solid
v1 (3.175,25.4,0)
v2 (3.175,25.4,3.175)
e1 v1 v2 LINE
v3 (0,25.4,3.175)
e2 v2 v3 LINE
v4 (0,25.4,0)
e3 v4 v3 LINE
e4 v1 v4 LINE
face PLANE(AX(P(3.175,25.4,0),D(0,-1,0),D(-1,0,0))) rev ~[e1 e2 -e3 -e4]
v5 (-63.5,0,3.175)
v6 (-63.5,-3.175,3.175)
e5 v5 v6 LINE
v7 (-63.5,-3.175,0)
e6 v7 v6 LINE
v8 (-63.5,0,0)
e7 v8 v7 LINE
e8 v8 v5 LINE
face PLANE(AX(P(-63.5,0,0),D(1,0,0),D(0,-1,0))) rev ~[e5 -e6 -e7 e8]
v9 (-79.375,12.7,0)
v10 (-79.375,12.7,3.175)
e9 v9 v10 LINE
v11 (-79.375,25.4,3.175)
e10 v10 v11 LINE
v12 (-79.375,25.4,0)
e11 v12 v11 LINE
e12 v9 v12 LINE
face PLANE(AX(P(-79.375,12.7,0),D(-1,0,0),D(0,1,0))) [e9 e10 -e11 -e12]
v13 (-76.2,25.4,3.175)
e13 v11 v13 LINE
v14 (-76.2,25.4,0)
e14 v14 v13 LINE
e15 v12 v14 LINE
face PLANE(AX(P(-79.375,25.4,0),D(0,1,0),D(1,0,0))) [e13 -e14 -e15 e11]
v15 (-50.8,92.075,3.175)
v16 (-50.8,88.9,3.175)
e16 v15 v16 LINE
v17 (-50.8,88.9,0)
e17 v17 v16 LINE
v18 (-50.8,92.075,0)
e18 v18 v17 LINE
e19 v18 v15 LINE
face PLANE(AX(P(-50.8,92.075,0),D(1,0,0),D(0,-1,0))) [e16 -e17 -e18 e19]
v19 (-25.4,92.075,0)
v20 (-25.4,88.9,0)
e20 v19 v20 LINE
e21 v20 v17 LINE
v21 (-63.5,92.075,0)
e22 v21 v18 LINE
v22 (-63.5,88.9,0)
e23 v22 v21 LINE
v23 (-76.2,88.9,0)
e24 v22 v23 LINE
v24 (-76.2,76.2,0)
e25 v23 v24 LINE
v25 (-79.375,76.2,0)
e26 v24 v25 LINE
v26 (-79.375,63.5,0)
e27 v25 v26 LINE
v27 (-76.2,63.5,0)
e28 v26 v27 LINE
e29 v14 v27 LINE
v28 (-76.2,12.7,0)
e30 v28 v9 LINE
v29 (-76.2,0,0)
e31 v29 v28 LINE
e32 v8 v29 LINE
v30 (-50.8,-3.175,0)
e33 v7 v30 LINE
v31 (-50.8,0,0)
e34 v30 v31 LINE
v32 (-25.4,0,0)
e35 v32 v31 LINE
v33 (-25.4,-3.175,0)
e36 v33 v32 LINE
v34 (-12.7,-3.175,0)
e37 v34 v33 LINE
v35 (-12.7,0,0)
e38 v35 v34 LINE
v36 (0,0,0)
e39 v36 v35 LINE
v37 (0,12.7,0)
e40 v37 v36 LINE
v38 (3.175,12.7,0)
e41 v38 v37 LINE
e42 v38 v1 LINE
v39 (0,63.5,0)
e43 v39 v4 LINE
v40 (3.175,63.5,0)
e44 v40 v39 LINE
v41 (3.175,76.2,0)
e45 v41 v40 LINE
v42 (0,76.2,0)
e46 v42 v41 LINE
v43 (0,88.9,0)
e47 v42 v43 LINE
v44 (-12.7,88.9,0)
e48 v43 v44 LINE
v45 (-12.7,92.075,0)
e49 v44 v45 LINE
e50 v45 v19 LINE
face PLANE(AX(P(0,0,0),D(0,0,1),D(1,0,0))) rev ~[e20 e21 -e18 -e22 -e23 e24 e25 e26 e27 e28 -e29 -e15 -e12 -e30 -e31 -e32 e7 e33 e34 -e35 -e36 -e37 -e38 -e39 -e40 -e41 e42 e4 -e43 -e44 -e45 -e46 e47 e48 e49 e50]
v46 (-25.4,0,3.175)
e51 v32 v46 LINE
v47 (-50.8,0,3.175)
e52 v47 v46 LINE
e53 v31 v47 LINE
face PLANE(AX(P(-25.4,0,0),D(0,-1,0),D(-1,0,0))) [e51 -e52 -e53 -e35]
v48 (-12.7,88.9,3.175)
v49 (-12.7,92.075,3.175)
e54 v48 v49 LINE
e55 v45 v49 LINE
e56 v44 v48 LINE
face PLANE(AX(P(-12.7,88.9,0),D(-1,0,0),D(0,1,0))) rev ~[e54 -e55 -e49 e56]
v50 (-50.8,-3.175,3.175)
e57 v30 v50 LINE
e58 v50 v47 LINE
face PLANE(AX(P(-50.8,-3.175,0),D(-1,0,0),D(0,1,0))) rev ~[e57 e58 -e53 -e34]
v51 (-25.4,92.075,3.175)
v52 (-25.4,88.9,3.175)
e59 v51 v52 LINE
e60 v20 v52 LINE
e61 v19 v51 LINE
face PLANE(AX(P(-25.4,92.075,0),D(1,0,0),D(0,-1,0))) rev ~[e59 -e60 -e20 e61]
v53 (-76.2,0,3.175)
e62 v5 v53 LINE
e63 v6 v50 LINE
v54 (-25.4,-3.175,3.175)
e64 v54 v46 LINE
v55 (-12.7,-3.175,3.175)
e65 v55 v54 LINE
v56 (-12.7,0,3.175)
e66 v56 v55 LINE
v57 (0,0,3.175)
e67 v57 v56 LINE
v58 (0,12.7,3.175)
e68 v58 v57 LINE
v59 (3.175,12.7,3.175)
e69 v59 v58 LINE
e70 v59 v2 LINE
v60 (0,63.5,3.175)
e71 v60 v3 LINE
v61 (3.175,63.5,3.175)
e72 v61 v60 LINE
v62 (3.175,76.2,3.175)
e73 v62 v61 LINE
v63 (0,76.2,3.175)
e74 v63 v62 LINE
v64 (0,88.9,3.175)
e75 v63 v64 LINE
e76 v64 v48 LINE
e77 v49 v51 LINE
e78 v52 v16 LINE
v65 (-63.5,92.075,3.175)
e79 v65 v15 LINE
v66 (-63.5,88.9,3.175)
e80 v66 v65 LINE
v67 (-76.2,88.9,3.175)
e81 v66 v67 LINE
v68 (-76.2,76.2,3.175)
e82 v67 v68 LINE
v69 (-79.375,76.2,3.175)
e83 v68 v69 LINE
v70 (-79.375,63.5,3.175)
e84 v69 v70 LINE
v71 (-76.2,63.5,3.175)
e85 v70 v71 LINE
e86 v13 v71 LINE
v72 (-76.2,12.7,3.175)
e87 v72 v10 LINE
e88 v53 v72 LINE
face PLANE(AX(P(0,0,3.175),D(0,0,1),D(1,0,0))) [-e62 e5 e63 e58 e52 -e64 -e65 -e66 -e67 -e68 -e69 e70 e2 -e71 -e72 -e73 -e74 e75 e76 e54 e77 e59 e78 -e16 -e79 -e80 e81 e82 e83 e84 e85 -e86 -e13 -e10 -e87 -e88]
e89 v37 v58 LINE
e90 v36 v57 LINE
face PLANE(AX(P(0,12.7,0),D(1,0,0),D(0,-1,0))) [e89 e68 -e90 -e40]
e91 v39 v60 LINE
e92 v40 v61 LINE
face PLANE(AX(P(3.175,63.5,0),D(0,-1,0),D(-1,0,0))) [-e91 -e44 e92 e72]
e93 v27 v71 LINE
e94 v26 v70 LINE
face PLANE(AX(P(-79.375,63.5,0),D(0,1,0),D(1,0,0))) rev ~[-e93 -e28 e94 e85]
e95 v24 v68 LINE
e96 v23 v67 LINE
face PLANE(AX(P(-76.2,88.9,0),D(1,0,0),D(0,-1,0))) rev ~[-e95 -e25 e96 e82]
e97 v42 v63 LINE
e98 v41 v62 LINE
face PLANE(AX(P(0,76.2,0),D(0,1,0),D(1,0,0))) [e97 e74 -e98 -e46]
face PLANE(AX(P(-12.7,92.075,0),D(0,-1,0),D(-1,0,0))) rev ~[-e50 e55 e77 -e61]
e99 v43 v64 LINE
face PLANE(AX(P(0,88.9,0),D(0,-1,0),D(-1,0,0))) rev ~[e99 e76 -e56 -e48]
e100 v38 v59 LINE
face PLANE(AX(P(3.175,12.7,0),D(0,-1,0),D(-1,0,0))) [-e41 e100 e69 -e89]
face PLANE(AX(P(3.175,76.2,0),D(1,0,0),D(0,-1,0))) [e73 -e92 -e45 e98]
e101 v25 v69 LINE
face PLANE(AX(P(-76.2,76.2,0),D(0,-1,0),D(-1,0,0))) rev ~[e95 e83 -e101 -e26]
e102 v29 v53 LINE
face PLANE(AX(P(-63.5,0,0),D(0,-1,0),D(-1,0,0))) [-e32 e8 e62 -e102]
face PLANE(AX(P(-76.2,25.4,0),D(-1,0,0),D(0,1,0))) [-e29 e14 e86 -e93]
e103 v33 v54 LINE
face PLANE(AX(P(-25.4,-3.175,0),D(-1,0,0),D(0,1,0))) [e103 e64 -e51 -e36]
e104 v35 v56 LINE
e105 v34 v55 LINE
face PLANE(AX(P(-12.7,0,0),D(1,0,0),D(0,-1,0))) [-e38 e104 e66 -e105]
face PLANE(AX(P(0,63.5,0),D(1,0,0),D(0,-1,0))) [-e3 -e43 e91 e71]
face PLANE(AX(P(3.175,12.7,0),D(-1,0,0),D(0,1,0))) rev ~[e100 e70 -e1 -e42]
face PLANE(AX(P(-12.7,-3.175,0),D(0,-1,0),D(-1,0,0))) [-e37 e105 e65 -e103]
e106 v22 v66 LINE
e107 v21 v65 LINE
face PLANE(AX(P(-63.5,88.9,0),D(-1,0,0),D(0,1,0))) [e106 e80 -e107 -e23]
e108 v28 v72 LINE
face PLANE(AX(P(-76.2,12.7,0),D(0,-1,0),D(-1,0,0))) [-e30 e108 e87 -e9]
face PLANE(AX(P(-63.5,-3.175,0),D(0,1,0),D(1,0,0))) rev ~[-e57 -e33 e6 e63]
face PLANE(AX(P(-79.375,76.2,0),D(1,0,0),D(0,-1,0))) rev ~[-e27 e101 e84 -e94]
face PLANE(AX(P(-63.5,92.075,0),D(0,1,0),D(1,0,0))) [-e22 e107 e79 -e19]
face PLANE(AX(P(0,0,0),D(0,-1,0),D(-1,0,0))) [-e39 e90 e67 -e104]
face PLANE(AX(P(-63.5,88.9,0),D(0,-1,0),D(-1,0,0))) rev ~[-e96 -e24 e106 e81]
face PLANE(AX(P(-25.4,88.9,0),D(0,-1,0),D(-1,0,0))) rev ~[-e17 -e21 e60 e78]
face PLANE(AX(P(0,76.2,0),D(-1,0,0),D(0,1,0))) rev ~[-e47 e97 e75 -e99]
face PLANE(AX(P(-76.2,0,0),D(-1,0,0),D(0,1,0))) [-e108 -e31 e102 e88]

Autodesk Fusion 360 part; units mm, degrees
sketch "Sketch1" plane through (0, 0, 0) normal (0, 0, 1) x (1, 0, 0)
  line L0 (0, 0) -> (-76.2, 0)
  line L1 (-76.2, 0) -> (-76.2, 76.2)
  line L2 (0, 76.2) -> (0, 0)
  line L3 (0, 76.2) -> (0, 88.9)
  line L4 (0, 88.9) -> (-76.2, 88.9)
  line L5 (-76.2, 88.9) -> (-76.2, 76.2)
  line L6 (-76.2, 0) -> (-63.5, 0)
  line L7 (-63.5, 0) -> (-63.5, -3.175)
  line L8 (-63.5, -3.175) -> (-50.8, -3.175)
  line L9 (-50.8, -3.175) -> (-50.8, 0)
  line L10 (-50.8, 0) -> (-38.1, 0)
  line L11 (0, 0) -> (-12.7, 0)
  line L12 (-12.7, 0) -> (-12.7, -3.175)
  line L13 (-12.7, -3.175) -> (-25.4, -3.175)
  line L14 (-25.4, -3.175) -> (-25.4, 0)
  line L15 (-76.2, 88.9) -> (-63.5, 88.9)
  line L16 (-63.5, 88.9) -> (-63.5, 92.075)
  line L17 (-63.5, 92.075) -> (-50.8, 92.075)
  line L18 (-50.8, 92.075) -> (-50.8, 88.9)
  line L19 (0, 88.9) -> (-12.7, 88.9)
  line L20 (-12.7, 88.9) -> (-12.7, 92.075)
  line L21 (-12.7, 92.075) -> (-25.4, 92.075)
  line L22 (-25.4, 92.075) -> (-25.4, 88.9)
  line L23 (-76.2, 0) -> (-76.2, 12.7)
  line L24 (-76.2, 12.7) -> (-79.375, 12.7)
  line L25 (-79.375, 12.7) -> (-79.375, 25.4)
  line L26 (-79.375, 25.4) -> (-76.2, 25.4)
  line L27 (-76.2, 88.9) -> (-76.2, 76.2)
  line L28 (-76.2, 76.2) -> (-79.375, 76.2)
  line L29 (-79.375, 76.2) -> (-79.375, 63.5)
  line L30 (-79.375, 63.5) -> (-76.2, 63.5)
  line L31 (3.175, 12.7) -> (3.175, 25.4)
  line L32 (3.175, 12.7) -> (0, 12.7)
  line L33 (3.175, 25.4) -> (0, 25.4)
  line L34 (0, 88.9) -> (0, 76.2)
  line L35 (0, 76.2) -> (3.175, 76.2)
  line L36 (3.175, 76.2) -> (3.175, 63.5)
  line L37 (3.175, 63.5) -> (0, 63.5)
  dimension "d1" = 76.2
  dimension "d2" = 76.2
  dimension "d3" = 12.7
  dimension "d4" = 3.175
  dimension "d5" = 12.7
  dimension "d6" = 12.7
  dimension "d7" = 12.7
  dimension "d8" = 3.175
  dimension "d9" = 12.7
  dimension "d10" = 12.7
  dimension "d11" = 3.175
  dimension "d12" = 12.7
  dimension "d13" = 12.7
  dimension "d14" = 3.175
  dimension "d15" = 12.7
  dimension "d16" = 12.7
  dimension "d17" = 3.175
  dimension "d18" = 12.7
  dimension "d19" = 12.7
  dimension "d20" = 3.175
  dimension "d21" = 12.7
  dimension "d24" = 12.7
  dimension "d25" = 12.7
  dimension "d26" = 3.175
  dimension "d27" = 12.7
extrude "Extrude1" add sketch "Sketch1" along normal blind 3.175
